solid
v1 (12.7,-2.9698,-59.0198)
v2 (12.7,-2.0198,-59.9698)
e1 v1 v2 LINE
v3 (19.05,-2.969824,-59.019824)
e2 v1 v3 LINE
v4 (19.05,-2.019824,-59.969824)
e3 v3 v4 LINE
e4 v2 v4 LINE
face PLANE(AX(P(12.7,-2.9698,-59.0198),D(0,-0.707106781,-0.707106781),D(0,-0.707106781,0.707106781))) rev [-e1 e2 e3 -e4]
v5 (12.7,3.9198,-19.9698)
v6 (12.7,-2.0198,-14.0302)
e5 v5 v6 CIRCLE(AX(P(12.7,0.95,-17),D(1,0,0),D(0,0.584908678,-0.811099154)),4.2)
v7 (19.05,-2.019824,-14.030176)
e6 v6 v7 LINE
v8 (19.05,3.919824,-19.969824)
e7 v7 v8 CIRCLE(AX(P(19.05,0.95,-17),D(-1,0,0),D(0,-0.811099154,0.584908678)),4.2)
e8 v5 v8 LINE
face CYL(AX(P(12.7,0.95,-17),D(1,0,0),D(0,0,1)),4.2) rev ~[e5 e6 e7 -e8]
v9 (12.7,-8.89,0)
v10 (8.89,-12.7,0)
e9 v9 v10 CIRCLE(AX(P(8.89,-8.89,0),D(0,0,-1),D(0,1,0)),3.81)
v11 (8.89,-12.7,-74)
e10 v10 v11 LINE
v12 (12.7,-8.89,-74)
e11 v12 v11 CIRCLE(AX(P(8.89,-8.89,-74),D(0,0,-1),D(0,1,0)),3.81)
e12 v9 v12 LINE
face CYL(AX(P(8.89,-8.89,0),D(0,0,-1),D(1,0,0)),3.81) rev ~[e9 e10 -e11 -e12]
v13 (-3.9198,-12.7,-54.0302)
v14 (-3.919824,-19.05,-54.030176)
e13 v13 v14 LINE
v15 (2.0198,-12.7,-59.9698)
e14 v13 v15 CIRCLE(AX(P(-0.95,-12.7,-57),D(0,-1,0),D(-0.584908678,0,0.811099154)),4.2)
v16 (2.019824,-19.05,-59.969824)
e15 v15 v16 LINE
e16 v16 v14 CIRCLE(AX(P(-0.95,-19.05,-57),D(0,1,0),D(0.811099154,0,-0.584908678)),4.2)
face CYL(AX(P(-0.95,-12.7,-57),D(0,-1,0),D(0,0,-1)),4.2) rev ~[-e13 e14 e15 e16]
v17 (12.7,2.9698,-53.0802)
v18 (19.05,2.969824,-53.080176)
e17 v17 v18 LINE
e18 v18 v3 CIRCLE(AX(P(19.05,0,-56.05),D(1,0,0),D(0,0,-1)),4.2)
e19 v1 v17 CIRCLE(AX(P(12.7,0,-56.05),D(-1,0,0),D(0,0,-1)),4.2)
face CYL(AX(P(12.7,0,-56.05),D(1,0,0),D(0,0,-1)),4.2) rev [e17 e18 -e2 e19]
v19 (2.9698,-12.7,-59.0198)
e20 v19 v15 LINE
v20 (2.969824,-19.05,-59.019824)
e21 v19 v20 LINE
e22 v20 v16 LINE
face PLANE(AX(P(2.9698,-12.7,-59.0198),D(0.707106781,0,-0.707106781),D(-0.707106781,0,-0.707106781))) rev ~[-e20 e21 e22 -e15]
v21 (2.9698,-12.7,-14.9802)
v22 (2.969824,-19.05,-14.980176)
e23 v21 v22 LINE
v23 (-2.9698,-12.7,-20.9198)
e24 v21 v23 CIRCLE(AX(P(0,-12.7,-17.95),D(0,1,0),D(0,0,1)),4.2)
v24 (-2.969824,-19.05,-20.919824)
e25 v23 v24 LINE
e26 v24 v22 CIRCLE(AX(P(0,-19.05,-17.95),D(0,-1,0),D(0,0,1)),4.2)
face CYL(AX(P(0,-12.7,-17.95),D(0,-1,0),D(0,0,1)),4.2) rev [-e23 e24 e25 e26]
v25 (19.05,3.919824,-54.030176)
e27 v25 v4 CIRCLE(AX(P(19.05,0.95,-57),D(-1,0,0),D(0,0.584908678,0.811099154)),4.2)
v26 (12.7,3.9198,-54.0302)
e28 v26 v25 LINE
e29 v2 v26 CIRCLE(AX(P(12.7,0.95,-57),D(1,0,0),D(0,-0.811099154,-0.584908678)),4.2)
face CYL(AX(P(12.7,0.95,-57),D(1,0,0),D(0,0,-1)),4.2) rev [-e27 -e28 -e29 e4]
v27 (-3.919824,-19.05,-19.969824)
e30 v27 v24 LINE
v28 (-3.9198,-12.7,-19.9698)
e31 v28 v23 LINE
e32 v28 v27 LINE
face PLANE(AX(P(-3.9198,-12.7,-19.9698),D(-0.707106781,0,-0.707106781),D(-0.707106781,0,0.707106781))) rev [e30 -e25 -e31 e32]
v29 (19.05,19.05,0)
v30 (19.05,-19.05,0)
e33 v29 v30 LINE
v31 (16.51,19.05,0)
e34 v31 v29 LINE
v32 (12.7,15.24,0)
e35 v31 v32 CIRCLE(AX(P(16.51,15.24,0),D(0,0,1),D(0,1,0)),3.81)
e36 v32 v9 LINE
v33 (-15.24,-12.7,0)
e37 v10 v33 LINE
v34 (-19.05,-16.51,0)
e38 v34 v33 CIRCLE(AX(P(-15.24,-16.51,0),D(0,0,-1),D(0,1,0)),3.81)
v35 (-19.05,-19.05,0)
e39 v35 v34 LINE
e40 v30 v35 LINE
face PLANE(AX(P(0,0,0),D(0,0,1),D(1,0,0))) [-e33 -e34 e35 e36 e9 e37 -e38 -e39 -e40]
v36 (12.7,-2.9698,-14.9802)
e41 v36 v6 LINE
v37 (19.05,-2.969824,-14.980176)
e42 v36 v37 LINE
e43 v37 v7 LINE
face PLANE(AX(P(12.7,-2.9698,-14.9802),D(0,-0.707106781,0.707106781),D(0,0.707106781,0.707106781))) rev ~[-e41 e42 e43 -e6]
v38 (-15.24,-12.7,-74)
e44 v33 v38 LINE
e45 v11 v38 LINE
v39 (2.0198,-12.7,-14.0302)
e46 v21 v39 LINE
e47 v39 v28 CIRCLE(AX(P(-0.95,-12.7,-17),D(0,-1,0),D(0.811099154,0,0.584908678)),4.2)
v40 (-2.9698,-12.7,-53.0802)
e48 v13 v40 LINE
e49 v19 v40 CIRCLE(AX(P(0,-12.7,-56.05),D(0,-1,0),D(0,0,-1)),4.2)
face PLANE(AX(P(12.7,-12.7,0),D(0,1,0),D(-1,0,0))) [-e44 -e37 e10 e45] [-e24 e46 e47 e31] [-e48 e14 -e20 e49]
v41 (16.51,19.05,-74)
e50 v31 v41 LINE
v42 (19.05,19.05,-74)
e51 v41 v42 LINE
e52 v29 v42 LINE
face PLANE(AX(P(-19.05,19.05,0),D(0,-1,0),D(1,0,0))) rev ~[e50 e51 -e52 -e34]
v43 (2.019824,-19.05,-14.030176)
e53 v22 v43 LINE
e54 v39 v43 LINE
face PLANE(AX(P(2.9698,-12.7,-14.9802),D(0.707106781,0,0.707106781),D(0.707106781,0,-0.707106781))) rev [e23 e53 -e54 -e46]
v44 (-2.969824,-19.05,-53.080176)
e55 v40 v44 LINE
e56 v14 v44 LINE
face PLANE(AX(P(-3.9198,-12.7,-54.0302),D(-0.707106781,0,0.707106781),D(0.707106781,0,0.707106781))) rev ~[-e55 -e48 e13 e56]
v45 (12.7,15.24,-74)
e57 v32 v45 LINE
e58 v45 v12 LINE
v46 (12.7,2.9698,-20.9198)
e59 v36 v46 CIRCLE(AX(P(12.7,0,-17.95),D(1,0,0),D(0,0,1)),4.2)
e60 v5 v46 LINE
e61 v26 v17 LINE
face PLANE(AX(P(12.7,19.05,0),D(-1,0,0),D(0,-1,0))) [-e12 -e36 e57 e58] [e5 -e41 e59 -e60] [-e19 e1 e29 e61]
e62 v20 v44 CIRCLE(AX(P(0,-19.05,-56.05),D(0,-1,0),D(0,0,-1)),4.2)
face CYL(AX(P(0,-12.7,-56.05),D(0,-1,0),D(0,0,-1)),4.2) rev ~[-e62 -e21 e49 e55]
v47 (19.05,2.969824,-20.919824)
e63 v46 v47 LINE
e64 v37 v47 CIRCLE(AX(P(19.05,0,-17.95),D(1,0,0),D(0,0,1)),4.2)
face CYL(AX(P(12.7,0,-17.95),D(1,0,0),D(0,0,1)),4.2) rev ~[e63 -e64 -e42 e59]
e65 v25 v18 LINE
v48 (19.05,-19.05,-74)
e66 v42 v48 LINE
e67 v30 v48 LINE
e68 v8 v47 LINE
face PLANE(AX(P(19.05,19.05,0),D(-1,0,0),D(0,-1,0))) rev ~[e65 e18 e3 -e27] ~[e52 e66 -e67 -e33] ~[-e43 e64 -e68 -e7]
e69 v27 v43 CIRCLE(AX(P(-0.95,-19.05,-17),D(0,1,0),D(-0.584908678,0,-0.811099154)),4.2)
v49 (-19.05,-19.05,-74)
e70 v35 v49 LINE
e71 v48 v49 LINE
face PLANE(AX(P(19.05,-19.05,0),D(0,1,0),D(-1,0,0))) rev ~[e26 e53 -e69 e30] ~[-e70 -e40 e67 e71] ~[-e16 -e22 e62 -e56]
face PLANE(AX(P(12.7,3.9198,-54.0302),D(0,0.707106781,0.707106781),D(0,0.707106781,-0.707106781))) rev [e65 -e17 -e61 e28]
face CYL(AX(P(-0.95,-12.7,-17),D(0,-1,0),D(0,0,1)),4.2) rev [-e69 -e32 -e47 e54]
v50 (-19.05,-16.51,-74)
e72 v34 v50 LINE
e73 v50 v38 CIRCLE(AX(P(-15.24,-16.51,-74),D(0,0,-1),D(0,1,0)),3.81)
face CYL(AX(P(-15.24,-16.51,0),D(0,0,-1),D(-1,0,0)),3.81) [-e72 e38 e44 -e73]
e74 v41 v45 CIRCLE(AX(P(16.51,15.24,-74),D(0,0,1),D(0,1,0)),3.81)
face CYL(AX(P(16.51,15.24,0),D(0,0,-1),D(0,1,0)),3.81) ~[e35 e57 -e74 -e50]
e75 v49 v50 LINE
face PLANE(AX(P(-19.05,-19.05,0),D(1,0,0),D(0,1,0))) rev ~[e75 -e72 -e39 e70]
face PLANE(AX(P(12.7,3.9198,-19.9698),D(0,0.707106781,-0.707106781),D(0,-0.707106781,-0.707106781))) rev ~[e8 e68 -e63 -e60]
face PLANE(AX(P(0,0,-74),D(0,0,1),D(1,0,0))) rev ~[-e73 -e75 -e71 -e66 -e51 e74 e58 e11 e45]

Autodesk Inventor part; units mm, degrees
ref_plane "YZ Plane" through (0, 0, 0) normal (1, 0, 0) x (0, 1, 0)
sketch "Sketch1" plane through (0, 0, 0) normal (0, 0, 1) x (1, 0, 0)
  line L0 (-19.05, 19.05) -> (19.05, 19.05)
  line L1 (19.05, 19.05) -> (19.05, -19.05)
  line L2 (19.05, -19.05) -> (-19.05, -19.05)
  line L3 (-19.05, -19.05) -> (-19.05, 19.05)
  point P0 (0, 0)
  dimension "d0" = 38.1
  dimension "d1" = 38.1
  dimension "d2" = 19.05
  dimension "d3" = 19.05
extrude "Extrusion1" add sketch "Sketch1" against normal blind 74
sketch "Sketch2" plane through (0, 0, 0) normal (0, 0, 1) x (1, 0, 0)
  line L0 (19.05, -19.05) -> (-19.05, -19.05) projected
  line L1 (19.05, 19.05) -> (19.05, -19.05) projected
  line L2 (-19.05, 19.05) -> (12.7, 19.05)
  line L3 (12.7, 19.05) -> (12.7, -12.7)
  line L4 (12.7, -12.7) -> (-19.05, -12.7)
  line L5 (-19.05, -12.7) -> (-19.05, 19.05)
  dimension "d6" = 6.35
  dimension "d7" = 6.35
extrude "Extrusion2" cut sketch "Sketch2" against normal through all
ref_plane "Work Plane1" through (0, 0, -37) normal (0, 0, 1) x (1, 0, 0)
fillet "Fillet1" radius 3.81 3 edges at (12.7, 19.05, -37) (-19.05, -12.7, -37) (12.7, -12.7, -37)
ref_plane "Work Plane2" through (19.05, -19.05, 0) normal (-0.7071, -0.7071, 0) x (0, 0, -1)
sketch "Sketch7" plane through (12.7, -8.89, 0) normal (-1, 0, 0) x (0, 0, 1)
  line L0 (0, -10.16) -> (-74, -10.16) projected
  line L1 (0, -10.16) -> (-74, -10.16) projected
  line L2 (-37, 35.56) -> (-37, -17.78) projected
  point P0 (-17, 9.84)
  point P1 (-17.95, 8.89)
  dimension "d29" = 20
  dimension "d30" = 19.05
  dimension "d31" = 20
  dimension "d32" = 19.05
hole "Hole2" at (12.7, 0.95, -17) at (12.7, 0, -17.95) direction (1, 0, 0) diameter 8.4 end through all clearance for "Socket Head Cap Screw" size "M8" standard "Ansi Metric M Profile"
mirror "Mirror4" about plane through (0, 0, -37) normal (0, 0, 1) of "Hole2"
mirror "Mirror5" about plane through (19.05, -19.05, 0) normal (-0.7071, -0.7071, 0) of "Hole2", "Mirror4"
sketch "Sketch9" plane through (12.7, -8.89, 0) normal (-1, 0, 0) x (0, 0, 1)
  arc A0 (-20.4066, 12.2966) -> (-14.5434, 6.4334) centre (-17.95, 8.89) ccw projected
  arc A1 (-14.5434, 6.4334) -> (-20.4066, 12.2966) centre (-17, 9.84) ccw projected
  line L0 (-19.9698, 12.8098) -> (-20.9198, 11.8598)
  line L1 (-14.9802, 5.9202) -> (-14.0302, 6.8702)
extrude "Extrusion7" cut sketch "Sketch9" against normal through all contours A0 L0 A1 | A0 A1 L1
mirror "Mirror6" about plane through (0, 0, -37) normal (0, 0, 1) of "Extrusion7"
mirror "Mirror7" about plane through (19.05, -19.05, 0) normal (-0.7071, -0.7071, 0) of "Extrusion7", "Mirror6"
equation "\"d1\" = d0"
equation "\"d2\" = 0.5 * d1"
equation "\"d3\" = d2"
equation "\"d7\" = d6"
equation "\"d31\" = d29"
equation "\"d32\" = d30"
properties part number "28-604" material "Aluminum-6061"
